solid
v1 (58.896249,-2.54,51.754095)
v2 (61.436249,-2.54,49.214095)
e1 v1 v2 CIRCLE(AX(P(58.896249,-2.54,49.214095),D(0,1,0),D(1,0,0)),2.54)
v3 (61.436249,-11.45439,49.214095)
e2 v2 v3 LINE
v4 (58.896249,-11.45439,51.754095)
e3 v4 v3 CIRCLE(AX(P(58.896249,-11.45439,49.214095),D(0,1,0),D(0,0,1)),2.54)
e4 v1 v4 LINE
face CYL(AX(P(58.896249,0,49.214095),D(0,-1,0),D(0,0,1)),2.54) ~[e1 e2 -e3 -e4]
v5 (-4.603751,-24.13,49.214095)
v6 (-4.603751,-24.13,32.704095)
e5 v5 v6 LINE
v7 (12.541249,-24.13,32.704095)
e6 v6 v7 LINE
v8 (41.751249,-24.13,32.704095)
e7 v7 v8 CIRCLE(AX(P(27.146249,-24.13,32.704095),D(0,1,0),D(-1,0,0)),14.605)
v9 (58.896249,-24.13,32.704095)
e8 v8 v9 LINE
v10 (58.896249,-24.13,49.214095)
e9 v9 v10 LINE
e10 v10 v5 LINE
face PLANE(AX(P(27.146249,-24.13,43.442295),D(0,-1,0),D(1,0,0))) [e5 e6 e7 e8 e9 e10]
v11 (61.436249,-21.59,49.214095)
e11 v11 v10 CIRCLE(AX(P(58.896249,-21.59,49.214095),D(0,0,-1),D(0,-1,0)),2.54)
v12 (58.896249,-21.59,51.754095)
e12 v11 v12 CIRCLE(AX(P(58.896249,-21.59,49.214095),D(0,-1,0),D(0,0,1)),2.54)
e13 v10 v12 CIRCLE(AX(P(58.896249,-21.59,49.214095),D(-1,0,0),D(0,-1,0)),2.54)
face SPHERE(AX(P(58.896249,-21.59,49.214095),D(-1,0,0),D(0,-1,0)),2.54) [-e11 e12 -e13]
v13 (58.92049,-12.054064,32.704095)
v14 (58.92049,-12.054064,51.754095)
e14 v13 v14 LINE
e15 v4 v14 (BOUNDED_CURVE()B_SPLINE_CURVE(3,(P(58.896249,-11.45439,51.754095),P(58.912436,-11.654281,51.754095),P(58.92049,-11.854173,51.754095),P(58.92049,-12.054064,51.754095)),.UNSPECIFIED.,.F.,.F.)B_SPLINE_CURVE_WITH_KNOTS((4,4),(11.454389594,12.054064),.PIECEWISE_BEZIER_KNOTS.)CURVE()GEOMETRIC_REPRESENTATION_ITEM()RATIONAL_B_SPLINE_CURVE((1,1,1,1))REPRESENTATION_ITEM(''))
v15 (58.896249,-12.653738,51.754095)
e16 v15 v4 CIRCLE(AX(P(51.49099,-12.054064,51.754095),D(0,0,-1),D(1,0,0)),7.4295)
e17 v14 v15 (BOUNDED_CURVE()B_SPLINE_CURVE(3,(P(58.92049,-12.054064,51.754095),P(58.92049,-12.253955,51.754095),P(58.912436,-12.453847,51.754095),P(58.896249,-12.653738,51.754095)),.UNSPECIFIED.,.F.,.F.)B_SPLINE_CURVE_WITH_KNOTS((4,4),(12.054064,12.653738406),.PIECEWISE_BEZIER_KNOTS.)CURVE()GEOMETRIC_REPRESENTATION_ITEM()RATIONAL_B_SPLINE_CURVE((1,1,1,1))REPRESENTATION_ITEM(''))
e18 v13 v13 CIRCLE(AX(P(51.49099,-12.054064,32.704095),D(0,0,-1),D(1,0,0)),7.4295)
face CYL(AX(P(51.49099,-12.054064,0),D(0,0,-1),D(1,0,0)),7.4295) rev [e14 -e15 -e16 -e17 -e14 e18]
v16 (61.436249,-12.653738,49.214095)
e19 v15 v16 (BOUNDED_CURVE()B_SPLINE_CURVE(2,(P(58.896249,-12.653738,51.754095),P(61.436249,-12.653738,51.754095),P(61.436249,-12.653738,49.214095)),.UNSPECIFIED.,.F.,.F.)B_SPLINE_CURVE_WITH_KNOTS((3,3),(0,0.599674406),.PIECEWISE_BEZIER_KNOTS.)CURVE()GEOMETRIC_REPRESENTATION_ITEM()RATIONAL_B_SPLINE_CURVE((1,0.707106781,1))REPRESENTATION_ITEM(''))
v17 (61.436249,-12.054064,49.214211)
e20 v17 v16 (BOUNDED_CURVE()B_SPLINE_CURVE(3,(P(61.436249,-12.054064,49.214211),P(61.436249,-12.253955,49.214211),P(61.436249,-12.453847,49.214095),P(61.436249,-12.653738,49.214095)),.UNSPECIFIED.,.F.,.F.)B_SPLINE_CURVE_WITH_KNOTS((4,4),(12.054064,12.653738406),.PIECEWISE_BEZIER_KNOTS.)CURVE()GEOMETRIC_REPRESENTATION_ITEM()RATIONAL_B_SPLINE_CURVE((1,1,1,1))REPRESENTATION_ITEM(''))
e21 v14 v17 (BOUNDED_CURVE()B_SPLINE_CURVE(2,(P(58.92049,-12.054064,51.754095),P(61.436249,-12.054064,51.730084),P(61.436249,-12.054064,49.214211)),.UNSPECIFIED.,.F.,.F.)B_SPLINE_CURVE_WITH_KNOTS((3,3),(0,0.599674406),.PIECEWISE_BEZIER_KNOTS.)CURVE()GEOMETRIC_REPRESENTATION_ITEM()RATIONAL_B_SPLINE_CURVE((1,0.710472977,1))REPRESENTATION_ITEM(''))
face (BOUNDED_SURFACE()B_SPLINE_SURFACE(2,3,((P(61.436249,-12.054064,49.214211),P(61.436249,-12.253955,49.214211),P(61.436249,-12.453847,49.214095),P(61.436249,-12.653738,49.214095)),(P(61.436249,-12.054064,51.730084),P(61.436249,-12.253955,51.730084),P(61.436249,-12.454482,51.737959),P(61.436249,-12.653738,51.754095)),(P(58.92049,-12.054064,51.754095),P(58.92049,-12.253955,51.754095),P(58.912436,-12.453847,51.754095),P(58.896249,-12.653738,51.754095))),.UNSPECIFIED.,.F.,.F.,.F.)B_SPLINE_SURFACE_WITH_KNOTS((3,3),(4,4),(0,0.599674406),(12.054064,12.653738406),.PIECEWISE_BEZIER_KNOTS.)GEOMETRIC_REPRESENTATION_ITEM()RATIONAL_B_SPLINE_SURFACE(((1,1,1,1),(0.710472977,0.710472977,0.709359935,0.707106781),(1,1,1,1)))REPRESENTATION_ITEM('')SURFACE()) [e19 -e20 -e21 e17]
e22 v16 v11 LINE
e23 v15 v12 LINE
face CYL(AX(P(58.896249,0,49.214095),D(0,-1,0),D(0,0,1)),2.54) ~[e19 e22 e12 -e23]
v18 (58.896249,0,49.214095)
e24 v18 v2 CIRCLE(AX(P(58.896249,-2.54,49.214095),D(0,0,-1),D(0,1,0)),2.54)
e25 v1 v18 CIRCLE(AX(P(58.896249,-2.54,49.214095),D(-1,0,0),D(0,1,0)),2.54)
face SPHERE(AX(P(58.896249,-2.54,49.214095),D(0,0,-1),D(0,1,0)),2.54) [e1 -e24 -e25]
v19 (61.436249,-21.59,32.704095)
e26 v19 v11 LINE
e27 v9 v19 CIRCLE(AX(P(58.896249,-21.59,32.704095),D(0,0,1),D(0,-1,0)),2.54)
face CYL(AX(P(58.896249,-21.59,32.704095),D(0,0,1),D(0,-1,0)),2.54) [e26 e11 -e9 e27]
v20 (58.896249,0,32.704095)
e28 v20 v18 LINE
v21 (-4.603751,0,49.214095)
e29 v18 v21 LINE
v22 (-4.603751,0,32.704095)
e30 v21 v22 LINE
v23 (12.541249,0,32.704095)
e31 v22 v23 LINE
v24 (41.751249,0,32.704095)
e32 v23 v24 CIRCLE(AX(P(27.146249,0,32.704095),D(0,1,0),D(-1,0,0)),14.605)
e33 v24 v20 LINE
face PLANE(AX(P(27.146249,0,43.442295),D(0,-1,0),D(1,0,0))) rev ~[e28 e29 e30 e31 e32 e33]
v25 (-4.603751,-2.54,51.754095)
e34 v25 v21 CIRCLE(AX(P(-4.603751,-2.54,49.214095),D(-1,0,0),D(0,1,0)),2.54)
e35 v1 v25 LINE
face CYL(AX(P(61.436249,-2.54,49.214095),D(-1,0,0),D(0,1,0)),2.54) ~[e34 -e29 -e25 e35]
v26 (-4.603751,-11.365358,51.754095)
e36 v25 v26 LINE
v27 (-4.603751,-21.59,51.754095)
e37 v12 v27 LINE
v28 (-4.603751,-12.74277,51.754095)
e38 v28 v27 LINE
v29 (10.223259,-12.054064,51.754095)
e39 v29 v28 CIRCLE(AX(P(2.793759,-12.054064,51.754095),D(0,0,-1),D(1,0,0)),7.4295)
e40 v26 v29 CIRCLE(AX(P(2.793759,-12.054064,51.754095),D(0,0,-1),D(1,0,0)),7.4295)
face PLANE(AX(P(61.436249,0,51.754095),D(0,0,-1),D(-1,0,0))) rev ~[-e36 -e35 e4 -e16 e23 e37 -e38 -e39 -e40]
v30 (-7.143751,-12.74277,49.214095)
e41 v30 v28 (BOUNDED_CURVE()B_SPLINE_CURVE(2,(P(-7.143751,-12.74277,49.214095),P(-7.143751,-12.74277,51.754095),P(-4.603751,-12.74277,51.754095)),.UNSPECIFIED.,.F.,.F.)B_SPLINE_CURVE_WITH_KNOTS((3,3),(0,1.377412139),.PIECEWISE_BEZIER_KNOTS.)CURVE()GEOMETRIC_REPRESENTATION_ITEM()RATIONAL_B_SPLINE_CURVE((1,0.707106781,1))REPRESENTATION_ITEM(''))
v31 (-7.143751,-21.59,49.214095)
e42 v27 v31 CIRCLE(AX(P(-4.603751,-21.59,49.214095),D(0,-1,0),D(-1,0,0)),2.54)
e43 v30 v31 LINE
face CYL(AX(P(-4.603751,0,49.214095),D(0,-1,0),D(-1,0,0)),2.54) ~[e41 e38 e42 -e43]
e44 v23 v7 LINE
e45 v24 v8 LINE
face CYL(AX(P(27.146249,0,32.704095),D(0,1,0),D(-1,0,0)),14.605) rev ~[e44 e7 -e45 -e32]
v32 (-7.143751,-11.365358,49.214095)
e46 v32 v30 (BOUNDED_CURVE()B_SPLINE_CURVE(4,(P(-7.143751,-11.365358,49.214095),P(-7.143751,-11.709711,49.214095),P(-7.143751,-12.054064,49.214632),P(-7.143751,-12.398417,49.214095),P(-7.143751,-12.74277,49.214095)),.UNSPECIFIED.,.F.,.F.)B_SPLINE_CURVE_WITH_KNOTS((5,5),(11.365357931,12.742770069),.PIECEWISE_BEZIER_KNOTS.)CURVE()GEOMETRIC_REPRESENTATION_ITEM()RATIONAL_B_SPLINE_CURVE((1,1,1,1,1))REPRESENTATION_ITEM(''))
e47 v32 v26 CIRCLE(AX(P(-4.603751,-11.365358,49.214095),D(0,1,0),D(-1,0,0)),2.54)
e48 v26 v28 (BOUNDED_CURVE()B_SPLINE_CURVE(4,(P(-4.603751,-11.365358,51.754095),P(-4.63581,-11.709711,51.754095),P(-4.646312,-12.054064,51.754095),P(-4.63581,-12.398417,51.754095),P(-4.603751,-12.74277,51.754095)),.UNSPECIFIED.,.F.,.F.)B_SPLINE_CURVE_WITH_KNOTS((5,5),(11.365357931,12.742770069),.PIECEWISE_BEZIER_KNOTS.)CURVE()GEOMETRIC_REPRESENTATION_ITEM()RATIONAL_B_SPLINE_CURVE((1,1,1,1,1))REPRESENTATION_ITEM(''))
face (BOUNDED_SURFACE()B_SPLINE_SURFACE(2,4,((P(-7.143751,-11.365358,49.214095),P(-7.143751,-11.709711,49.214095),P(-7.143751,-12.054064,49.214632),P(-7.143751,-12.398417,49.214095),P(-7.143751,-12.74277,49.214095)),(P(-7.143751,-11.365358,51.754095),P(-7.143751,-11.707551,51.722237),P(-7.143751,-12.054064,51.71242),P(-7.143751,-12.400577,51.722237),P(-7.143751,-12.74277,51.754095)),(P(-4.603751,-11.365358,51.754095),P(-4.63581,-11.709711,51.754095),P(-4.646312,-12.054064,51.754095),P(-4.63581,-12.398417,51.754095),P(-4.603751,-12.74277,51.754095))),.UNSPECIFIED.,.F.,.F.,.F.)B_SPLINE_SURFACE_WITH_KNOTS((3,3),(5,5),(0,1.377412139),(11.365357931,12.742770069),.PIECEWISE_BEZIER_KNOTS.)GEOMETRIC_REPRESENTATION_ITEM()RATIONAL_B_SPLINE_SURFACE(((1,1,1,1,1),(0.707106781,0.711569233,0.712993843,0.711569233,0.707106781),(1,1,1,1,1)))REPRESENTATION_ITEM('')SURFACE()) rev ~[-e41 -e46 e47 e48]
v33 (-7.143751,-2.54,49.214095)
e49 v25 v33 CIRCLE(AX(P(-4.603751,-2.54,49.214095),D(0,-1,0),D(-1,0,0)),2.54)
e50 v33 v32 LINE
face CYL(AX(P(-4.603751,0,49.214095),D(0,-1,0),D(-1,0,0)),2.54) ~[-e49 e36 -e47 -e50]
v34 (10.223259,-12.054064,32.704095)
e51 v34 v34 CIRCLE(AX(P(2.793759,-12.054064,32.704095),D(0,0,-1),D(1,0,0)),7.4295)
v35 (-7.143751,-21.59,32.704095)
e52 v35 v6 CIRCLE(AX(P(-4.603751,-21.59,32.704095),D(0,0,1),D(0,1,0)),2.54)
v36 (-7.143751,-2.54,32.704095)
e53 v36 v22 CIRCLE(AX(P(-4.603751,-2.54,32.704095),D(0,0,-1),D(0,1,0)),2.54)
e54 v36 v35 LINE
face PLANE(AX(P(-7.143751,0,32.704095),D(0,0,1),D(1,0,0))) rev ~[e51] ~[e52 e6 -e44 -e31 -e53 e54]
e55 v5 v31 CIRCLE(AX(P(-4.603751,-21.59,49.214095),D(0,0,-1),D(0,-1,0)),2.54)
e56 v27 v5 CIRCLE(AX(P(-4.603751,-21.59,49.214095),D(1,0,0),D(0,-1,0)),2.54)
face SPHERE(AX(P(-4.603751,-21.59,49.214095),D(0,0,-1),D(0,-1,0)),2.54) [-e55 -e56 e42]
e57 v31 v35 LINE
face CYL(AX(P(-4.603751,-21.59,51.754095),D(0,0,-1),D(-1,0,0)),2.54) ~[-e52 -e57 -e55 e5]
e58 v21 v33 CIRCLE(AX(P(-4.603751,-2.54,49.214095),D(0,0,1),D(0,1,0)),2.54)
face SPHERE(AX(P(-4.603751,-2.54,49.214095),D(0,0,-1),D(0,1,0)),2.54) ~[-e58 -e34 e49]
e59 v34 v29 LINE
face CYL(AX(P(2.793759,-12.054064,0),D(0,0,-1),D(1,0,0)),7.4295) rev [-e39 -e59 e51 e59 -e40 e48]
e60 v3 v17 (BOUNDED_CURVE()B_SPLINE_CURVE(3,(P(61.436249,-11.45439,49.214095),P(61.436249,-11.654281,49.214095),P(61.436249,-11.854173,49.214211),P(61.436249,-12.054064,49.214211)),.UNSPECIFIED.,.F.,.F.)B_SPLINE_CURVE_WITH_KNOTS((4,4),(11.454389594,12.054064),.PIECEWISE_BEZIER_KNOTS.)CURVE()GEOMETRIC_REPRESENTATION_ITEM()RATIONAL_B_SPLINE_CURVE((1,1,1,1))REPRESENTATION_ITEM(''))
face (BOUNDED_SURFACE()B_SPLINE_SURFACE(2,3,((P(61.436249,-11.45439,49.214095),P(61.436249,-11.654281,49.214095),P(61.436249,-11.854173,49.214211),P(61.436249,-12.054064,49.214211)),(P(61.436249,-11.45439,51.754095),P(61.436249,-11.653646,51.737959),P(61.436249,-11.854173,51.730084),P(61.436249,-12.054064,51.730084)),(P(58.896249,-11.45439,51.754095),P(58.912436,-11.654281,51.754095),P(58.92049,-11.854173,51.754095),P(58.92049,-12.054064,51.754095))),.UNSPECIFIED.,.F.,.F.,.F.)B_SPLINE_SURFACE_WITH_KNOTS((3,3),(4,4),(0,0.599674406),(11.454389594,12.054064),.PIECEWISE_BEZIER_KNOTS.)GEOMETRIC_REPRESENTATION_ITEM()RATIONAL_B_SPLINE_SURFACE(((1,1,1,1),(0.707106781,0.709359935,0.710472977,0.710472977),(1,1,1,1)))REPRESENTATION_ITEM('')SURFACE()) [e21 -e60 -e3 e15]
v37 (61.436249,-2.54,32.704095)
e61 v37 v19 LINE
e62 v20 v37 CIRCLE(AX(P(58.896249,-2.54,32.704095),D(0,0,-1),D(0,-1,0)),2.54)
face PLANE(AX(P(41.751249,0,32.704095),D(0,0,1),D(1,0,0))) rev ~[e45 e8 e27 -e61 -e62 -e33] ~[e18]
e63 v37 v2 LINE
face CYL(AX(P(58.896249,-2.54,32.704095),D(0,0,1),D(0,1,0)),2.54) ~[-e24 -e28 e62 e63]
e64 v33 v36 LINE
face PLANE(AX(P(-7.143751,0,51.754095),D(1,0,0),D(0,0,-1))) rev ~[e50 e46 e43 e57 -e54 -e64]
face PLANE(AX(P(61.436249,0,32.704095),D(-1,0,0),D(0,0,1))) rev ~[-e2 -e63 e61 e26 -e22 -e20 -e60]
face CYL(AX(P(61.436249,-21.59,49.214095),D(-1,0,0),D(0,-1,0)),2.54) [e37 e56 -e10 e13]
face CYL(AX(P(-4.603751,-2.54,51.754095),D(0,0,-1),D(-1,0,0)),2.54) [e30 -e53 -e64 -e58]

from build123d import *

# Parameters (mm, degrees)
F1_DEPTH = 24.13
F2_R     = 7.4295
F3_DEPTH = 54.61
F4_R     = 2.54


with BuildPart() as f1:
    # F0 (on Front) → F1 (new body)
    with BuildSketch(Plane.XZ):
        with BuildLine():
            Line((-7.143751, 47.944095), (-7.143751, 32.704095))
            Line((-7.143751, 32.704095), (12.541249, 32.704095))
            ThreePointArc((12.541249, 32.704095), (27.146249, 47.309095), (41.751249, 32.704095))
            Line((41.751249, 32.704095), (61.436249, 32.704095))
            Line((61.436249, 32.704095), (61.436249, 51.754095))
            Line((61.436249, 51.754095), (-3.333751, 51.754095))
            Line((-3.333751, 51.754095), (-7.143751, 51.754095))
            Line((-7.143751, 51.754095), (-7.143751, 47.944095))
        make_face()
    extrude(amount=F1_DEPTH)

    # F2 (on Top) → F3 (cut)
    with BuildSketch(Plane.XY):
        with Locations((51.49099, -12.054064)):
            Circle(F2_R)
        with Locations((2.793759, -12.054064)):
            Circle(F2_R)
    extrude(amount=F3_DEPTH, mode=Mode.SUBTRACT)

    # F4
    f4_edges = [f1.edges().sort_by_distance(p)[0] for p in [
        (61.436249, 0, 42.229095),
        (-7.143751, 0, 42.229095),
        (-7.143751, -24.13, 42.229095),
        (27.146249, -24.13, 51.754095),
        (27.146249, 0, 51.754095),
        (61.436249, -24.13, 42.229095),
        (-7.143751, -12.065, 51.754095),
        (61.436249, -12.065, 51.754095),
    ]]
    fillet(f4_edges, radius=F4_R)


solid = f1.part
